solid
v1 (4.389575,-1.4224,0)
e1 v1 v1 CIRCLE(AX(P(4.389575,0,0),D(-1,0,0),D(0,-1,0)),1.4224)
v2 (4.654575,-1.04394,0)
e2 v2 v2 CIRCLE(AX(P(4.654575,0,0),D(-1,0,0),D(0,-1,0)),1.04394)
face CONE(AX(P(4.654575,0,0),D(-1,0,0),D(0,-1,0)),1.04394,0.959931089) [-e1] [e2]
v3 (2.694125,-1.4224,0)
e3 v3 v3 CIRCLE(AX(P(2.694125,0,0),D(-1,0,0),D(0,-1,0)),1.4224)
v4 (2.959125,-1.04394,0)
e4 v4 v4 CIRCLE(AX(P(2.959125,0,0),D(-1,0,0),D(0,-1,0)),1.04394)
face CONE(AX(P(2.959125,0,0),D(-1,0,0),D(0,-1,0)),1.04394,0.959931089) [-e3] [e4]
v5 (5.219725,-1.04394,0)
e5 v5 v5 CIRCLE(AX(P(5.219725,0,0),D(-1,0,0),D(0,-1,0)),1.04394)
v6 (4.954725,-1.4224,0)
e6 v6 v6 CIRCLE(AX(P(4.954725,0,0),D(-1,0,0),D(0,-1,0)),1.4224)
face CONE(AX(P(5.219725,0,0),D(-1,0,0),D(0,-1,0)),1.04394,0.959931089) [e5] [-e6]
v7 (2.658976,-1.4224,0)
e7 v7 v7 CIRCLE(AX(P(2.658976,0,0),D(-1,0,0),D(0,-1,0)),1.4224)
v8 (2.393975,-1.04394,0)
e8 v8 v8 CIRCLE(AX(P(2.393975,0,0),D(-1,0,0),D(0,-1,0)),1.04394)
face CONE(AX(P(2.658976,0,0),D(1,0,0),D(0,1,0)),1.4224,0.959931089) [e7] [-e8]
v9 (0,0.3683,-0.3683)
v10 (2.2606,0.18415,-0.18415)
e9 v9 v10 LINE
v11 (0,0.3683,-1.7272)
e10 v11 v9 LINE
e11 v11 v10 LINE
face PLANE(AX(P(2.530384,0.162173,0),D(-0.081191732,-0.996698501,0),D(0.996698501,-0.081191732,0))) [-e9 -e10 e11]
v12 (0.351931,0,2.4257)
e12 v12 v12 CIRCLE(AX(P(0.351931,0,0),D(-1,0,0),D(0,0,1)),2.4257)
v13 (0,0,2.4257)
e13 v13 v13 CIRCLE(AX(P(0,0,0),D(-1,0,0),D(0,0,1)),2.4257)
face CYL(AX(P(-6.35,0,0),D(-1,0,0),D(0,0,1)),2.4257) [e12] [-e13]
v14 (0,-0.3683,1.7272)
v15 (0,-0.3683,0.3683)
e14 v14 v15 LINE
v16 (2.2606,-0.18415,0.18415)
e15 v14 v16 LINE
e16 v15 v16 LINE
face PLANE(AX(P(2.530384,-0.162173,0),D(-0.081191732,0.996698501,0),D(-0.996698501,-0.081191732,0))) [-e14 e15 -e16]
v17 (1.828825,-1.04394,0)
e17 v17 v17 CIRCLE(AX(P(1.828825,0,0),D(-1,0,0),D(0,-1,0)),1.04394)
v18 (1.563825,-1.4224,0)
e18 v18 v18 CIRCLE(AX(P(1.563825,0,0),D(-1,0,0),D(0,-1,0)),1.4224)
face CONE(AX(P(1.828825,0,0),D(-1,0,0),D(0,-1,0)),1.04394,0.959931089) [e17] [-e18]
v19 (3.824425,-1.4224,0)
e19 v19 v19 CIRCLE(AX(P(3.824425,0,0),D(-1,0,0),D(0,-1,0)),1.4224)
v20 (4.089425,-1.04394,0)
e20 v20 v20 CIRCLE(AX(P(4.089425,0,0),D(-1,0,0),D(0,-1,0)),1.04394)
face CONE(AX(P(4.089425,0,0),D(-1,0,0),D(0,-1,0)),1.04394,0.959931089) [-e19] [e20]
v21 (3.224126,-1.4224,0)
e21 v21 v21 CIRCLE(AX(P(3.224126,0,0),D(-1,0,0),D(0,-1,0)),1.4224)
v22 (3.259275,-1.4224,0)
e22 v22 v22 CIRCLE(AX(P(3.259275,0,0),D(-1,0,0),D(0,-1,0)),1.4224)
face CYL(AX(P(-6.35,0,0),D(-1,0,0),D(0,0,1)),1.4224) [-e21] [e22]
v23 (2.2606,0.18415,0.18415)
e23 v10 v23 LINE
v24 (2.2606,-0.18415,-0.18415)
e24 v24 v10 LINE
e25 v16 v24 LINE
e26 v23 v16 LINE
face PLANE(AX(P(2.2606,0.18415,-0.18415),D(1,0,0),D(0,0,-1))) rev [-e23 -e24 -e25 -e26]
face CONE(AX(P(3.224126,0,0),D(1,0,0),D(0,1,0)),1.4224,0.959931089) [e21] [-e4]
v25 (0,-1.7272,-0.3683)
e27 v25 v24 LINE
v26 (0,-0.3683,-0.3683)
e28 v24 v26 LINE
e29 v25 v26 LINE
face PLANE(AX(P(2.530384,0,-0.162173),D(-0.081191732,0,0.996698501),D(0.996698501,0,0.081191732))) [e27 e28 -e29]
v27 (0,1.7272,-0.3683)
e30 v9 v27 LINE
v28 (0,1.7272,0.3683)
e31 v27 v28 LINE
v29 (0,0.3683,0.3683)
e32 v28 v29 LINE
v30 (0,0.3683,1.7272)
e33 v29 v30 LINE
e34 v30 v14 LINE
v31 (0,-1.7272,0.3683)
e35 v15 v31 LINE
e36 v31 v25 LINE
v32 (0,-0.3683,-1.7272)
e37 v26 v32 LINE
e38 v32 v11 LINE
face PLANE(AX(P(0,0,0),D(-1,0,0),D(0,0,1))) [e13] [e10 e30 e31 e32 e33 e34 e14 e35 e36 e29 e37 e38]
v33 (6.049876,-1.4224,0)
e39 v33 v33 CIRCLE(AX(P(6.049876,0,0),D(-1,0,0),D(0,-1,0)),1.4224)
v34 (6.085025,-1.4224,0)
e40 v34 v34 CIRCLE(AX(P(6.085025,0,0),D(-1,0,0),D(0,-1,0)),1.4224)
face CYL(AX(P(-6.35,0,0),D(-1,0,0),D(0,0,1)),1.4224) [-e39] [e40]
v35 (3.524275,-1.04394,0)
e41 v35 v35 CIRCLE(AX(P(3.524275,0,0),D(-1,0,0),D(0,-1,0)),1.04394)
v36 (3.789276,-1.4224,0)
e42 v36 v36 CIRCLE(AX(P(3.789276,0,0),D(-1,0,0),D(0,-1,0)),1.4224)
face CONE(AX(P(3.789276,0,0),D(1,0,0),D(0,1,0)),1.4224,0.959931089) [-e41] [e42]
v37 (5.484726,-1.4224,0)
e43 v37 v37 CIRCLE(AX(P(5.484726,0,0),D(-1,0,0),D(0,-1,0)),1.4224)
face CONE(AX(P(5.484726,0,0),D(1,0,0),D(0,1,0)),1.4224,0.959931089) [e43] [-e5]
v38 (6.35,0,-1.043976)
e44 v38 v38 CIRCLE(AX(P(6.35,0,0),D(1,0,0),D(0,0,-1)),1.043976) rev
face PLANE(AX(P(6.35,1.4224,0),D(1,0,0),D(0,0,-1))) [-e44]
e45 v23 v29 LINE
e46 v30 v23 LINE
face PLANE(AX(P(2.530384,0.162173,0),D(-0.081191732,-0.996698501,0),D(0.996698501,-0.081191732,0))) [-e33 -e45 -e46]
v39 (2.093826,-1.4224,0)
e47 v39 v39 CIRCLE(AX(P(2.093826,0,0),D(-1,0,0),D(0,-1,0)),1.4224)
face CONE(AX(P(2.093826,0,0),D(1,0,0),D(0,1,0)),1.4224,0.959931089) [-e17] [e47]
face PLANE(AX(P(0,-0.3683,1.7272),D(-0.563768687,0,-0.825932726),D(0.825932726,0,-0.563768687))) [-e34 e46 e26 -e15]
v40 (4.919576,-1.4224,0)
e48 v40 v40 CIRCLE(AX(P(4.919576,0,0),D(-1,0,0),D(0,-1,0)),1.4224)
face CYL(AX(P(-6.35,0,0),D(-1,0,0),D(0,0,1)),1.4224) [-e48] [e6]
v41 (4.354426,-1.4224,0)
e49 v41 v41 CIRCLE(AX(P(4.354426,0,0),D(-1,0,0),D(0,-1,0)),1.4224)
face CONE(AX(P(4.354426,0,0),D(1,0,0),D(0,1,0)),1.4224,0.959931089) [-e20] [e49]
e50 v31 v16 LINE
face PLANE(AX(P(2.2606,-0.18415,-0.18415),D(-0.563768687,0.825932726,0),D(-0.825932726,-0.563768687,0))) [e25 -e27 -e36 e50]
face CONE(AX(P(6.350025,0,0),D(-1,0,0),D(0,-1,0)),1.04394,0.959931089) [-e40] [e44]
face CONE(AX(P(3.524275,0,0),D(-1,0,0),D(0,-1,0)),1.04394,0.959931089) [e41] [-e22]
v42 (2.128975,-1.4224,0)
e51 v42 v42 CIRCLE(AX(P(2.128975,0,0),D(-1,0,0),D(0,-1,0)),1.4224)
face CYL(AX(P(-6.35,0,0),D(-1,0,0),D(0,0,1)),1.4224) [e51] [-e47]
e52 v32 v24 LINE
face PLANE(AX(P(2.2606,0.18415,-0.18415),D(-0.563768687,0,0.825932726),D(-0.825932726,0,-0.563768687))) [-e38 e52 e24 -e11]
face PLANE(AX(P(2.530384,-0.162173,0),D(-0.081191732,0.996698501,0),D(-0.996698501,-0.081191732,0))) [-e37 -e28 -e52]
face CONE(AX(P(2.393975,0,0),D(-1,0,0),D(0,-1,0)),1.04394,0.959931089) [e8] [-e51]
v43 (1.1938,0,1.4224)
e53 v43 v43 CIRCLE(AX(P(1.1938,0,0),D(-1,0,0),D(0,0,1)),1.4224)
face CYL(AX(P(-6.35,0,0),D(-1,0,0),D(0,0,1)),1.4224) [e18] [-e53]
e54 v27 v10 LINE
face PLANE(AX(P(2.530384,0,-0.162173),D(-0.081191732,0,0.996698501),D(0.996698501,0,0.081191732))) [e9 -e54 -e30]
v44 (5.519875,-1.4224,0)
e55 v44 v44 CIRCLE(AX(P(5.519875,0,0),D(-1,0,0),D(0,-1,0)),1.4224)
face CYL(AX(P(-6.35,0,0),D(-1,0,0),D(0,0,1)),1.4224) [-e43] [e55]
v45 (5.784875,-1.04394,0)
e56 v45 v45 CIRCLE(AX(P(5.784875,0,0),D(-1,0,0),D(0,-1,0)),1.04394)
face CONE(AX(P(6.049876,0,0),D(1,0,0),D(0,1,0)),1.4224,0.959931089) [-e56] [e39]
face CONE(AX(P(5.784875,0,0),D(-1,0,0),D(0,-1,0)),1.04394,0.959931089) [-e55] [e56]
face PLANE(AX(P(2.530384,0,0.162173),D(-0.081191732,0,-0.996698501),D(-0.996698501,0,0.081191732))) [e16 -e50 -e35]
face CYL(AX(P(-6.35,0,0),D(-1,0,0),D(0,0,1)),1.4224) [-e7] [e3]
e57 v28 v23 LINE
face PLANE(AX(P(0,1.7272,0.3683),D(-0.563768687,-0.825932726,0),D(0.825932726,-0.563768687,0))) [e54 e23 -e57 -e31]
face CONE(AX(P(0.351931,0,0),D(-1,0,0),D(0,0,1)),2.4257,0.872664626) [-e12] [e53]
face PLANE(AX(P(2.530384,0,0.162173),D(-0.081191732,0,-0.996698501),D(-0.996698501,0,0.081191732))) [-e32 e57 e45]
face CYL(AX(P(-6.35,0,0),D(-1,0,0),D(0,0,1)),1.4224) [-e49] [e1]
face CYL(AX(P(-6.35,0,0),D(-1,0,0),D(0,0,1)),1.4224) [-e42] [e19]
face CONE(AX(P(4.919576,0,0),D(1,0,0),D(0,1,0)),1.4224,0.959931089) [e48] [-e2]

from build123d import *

# Parameters (mm, degrees)
SKETCH3_W         = 0.7366
SKETCH3_H         = 3.4544
SKETCH4_W         = 0.3683
SKETCH4_H         = 0.3683
CIRPATTERN1_COUNT = 2
CIRPATTERN1_ANGLE = 90
THDSCHPAT_COUNT   = 9
THDSCHPAT_PITCH   = 0.56515


with BuildPart() as part:
    # BodySke → Base-Revolve (revolve)
    with BuildSketch(Plane.XY):
        Polygon((0, 0), (0, 2.4257), (0.35193134, 2.4257), (1.1938, 1.4224), (6.35, 1.4224), (6.35, 0), align=None)
    revolve(axis=Axis((-6.35, 0, 0), (1, 0, 0)))

    # Sketch3 → Cross section 0
    with BuildSketch(Plane.ZY):
        Rectangle(SKETCH3_W, SKETCH3_H)
    # Sketch4 → Cross section 1
    with BuildSketch(Plane.ZY.offset(-2.2606)):
        Rectangle(SKETCH4_W, SKETCH4_H)
    cross = loft(mode=Mode.SUBTRACT)

    # CirPattern1: Cross ×2 about axis
    cirpattern1_axis = Axis((0, 0, 0), (1, 0, 0))
    for i in range(1, CIRPATTERN1_COUNT):
        add(cross.rotate(cirpattern1_axis, i * CIRPATTERN1_ANGLE / (CIRPATTERN1_COUNT - 1)), mode=Mode.SUBTRACT)

    # ThdSchSke → ThreadSchematic (revolve, cut)
    with BuildSketch(Plane.XY):
        Polygon((1.8288254, -1.04394), (1.563824855, -1.4224), (1.563824855, -1.778), (2.093825945, -1.778), (2.093825945, -1.4224), align=None)
    threadschematic = revolve(axis=Axis((-3.175, 0, 0), (1, 0, 0)), mode=Mode.SUBTRACT)

    # ThdSchPat: ThreadSchematic ×9
    with Locations(*[(i * THDSCHPAT_PITCH, 0, 0) for i in range(1, THDSCHPAT_COUNT)]):
        add(threadschematic, mode=Mode.SUBTRACT)


solid = part.part
